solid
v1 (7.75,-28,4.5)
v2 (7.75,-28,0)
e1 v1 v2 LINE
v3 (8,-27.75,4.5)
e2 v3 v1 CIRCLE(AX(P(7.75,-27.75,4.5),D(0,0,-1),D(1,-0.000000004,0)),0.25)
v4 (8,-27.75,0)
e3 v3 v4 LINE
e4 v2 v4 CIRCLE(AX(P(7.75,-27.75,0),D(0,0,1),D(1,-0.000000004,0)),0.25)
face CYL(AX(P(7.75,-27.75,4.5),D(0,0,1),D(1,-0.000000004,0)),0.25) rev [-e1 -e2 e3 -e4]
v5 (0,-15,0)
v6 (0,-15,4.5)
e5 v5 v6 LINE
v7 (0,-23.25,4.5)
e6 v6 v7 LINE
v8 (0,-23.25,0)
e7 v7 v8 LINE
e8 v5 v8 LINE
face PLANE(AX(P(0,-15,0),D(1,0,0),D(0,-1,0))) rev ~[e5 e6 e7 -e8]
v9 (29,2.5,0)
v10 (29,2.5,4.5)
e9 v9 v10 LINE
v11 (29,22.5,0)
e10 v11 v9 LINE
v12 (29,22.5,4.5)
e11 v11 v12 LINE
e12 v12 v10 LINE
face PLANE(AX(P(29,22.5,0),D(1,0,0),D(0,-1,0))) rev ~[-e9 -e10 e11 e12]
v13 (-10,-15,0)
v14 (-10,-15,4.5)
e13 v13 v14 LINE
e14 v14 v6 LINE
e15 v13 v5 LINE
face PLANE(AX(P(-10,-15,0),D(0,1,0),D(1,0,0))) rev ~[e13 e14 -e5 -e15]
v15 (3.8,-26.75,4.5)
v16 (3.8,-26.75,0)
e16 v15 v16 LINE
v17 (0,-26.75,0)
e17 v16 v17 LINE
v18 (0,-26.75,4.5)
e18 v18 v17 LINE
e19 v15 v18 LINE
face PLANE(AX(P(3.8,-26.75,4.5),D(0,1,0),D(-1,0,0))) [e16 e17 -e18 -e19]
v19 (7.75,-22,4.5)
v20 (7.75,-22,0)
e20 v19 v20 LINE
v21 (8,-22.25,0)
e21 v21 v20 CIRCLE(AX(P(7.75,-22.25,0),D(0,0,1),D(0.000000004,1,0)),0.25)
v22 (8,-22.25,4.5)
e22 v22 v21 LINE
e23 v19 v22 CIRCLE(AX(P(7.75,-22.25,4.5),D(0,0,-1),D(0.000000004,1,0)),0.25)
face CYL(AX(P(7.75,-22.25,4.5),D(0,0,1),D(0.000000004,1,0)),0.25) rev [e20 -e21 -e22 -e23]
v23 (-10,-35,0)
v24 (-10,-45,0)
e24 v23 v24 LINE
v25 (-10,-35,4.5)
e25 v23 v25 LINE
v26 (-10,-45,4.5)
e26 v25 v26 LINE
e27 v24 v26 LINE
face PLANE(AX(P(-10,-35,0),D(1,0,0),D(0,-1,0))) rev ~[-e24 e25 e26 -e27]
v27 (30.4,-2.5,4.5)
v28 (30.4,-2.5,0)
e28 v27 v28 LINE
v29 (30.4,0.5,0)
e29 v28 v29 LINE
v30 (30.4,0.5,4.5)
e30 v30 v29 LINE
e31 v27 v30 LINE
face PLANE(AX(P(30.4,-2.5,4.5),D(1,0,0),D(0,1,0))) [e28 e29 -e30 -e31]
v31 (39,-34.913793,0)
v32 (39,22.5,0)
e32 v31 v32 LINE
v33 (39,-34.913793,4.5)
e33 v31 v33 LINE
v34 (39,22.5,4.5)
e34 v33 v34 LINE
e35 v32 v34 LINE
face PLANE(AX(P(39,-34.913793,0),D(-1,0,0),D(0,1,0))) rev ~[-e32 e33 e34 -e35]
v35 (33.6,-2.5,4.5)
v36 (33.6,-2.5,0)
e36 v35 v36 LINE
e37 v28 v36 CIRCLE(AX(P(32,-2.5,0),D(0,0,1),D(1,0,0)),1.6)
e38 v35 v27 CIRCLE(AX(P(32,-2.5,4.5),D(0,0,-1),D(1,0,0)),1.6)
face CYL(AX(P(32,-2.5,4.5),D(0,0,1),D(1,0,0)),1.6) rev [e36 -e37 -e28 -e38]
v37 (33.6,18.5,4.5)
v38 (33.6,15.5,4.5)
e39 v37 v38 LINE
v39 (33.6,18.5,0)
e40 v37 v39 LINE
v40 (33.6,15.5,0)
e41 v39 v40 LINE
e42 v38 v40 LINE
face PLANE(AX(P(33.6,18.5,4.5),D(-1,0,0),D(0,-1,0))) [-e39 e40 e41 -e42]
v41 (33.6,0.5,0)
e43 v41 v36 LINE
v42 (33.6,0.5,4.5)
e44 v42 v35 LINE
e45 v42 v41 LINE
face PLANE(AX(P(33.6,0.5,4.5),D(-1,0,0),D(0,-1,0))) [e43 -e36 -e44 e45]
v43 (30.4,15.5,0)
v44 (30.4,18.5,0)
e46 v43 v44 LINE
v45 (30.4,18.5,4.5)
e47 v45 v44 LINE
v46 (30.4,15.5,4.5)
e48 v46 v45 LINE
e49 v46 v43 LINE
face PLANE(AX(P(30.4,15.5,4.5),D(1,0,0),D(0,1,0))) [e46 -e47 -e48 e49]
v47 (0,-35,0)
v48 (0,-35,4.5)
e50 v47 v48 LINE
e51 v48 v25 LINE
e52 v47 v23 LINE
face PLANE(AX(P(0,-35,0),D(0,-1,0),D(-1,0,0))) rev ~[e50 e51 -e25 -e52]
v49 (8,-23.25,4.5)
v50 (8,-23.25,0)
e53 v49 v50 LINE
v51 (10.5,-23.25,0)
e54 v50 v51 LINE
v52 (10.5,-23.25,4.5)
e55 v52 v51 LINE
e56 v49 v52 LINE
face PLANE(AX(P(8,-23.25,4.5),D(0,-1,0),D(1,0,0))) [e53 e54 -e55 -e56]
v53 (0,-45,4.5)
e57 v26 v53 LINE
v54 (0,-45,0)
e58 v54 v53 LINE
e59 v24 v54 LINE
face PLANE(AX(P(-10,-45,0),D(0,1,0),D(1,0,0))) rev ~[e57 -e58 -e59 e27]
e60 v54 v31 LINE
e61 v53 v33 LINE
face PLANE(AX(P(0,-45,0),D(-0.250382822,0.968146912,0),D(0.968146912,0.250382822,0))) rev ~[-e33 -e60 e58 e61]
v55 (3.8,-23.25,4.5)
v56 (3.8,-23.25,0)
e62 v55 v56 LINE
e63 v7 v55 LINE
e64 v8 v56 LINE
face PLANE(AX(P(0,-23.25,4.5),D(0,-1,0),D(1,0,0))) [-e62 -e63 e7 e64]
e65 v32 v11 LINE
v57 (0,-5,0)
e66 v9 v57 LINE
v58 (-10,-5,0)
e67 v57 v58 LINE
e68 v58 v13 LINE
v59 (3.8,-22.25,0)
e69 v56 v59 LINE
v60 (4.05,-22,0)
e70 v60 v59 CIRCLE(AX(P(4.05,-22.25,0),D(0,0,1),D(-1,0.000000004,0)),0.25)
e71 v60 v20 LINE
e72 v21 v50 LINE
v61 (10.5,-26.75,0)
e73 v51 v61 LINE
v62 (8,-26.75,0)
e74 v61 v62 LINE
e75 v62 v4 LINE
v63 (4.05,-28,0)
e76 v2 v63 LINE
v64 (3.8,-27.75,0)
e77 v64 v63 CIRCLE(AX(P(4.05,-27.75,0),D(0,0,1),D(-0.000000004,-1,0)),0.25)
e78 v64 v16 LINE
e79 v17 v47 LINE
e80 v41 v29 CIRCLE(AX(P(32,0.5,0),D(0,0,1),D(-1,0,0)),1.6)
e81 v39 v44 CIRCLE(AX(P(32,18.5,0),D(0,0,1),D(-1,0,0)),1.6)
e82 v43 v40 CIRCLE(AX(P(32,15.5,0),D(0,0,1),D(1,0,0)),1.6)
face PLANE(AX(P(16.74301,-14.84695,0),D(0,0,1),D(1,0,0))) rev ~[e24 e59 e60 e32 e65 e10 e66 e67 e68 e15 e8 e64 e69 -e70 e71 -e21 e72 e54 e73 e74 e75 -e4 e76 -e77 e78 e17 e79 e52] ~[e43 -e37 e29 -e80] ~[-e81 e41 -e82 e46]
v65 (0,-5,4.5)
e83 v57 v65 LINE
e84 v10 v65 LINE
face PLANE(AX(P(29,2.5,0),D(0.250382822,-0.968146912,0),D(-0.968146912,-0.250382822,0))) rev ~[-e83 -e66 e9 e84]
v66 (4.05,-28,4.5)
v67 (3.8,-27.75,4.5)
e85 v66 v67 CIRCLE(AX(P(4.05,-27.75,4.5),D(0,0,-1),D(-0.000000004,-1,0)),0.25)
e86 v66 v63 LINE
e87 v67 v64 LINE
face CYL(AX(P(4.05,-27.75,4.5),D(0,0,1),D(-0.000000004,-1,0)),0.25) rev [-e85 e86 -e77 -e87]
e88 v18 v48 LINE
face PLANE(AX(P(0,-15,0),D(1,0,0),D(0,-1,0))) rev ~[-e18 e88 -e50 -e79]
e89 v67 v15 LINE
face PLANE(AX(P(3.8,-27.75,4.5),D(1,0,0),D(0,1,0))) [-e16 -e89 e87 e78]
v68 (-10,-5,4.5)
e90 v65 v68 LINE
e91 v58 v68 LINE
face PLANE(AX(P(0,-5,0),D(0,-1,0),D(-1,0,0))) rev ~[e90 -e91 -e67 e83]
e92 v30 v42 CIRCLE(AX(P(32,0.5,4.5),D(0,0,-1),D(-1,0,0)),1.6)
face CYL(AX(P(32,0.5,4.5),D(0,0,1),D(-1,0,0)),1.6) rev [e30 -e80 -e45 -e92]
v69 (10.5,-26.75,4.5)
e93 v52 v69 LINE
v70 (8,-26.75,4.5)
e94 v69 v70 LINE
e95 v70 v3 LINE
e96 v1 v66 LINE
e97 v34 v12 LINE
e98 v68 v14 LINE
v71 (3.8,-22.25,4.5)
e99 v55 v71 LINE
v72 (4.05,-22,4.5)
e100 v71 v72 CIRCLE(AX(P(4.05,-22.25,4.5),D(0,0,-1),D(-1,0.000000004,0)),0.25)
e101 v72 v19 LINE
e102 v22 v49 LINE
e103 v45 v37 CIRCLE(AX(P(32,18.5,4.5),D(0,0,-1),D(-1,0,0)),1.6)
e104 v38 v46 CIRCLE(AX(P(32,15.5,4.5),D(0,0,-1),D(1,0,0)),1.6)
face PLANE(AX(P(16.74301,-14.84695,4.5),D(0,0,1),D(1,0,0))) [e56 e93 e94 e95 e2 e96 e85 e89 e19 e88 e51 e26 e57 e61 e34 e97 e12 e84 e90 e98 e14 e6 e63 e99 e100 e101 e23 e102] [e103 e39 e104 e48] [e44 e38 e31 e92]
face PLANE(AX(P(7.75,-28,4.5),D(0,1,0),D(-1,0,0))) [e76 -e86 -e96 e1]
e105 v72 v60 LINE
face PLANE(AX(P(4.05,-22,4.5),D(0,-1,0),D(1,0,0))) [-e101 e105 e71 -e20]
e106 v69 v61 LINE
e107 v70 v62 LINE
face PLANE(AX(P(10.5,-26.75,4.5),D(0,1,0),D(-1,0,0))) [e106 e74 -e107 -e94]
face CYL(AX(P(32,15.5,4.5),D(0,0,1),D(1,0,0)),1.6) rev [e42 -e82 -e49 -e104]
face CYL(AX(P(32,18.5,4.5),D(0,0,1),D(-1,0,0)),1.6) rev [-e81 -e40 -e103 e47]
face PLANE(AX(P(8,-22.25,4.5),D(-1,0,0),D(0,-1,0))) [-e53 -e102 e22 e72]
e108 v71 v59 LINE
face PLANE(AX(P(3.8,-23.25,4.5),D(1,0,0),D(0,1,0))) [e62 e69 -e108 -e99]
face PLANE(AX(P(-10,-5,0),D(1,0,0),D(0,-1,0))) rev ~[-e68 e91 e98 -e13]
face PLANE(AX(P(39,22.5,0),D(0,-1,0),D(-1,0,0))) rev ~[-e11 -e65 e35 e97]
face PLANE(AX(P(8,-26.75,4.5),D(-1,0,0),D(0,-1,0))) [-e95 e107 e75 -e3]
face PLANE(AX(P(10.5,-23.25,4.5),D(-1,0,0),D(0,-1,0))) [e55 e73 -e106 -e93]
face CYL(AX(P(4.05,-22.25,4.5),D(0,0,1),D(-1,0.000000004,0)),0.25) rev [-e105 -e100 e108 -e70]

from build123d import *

# Parameters (mm, degrees)
BOSS_EXTRUDE1_DEPTH = 4.5
SCREW_CUTOUT_DEPTH  = 60.718087712
CUT_EXTRUDE2_DEPTH  = 60.718087712


with BuildPart() as part:
    # Sketch1 → Boss-Extrude1 (new body)
    with BuildSketch(Plane.XY):
        Polygon((29, 2.5), (0, -5), (-10, -5), (-10, -15), (0, -15), (0, -35), (-10, -35), (-10, -45), (0, -45), (39, -34.913793103), (39, 22.5), (29, 22.5), align=None)
    extrude(amount=BOSS_EXTRUDE1_DEPTH)

    # Sketch2 → screw-cutout (cut, through all)
    with BuildSketch(Plane.XY.offset(4.5)):
        with BuildLine():
            Line((0, -26.75), (0, -23.25))
            Line((0, -23.25), (3.8, -23.25))
            Line((3.8, -23.25), (3.8, -22.25))
            ThreePointArc((3.8, -22.25), (3.873223305, -22.073223305), (4.05, -22))
            Line((4.05, -22), (7.75, -22))
            ThreePointArc((7.75, -22), (7.926776695, -22.073223305), (8, -22.25))
            Line((8, -22.25), (8, -23.25))
            Line((8, -23.25), (10.5, -23.25))
            Line((10.5, -23.25), (10.5, -26.75))
            Line((10.5, -26.75), (8, -26.75))
            Line((8, -26.75), (8, -27.75))
            ThreePointArc((8, -27.75), (7.926776695, -27.926776695), (7.75, -28))
            Line((7.75, -28), (4.05, -28))
            ThreePointArc((4.05, -28), (3.873223305, -27.926776695), (3.8, -27.75))
            Line((3.8, -27.75), (3.8, -26.75))
            Line((3.8, -26.75), (0, -26.75))
        make_face()
    extrude(amount=-SCREW_CUTOUT_DEPTH, mode=Mode.SUBTRACT)

    # Sketch3 → Cut-Extrude2 (cut, through all)
    with BuildSketch(Plane.XY.offset(4.5)):
        with BuildLine():
            Line((33.6, 18.5), (33.6, 15.5))
            ThreePointArc((33.6, 15.5), (32, 13.9), (30.4, 15.5))
            Line((30.4, 15.5), (30.4, 18.5))
            ThreePointArc((30.4, 18.5), (32, 20.1), (33.6, 18.5))
        make_face()
        with BuildLine():
            Line((33.6, 0.5), (33.6, -2.5))
            ThreePointArc((33.6, -2.5), (32, -4.1), (30.4, -2.5))
            Line((30.4, -2.5), (30.4, 0.5))
            ThreePointArc((30.4, 0.5), (32, 2.1), (33.6, 0.5))
        make_face()
    extrude(amount=-CUT_EXTRUDE2_DEPTH, mode=Mode.SUBTRACT)


solid = part.part
